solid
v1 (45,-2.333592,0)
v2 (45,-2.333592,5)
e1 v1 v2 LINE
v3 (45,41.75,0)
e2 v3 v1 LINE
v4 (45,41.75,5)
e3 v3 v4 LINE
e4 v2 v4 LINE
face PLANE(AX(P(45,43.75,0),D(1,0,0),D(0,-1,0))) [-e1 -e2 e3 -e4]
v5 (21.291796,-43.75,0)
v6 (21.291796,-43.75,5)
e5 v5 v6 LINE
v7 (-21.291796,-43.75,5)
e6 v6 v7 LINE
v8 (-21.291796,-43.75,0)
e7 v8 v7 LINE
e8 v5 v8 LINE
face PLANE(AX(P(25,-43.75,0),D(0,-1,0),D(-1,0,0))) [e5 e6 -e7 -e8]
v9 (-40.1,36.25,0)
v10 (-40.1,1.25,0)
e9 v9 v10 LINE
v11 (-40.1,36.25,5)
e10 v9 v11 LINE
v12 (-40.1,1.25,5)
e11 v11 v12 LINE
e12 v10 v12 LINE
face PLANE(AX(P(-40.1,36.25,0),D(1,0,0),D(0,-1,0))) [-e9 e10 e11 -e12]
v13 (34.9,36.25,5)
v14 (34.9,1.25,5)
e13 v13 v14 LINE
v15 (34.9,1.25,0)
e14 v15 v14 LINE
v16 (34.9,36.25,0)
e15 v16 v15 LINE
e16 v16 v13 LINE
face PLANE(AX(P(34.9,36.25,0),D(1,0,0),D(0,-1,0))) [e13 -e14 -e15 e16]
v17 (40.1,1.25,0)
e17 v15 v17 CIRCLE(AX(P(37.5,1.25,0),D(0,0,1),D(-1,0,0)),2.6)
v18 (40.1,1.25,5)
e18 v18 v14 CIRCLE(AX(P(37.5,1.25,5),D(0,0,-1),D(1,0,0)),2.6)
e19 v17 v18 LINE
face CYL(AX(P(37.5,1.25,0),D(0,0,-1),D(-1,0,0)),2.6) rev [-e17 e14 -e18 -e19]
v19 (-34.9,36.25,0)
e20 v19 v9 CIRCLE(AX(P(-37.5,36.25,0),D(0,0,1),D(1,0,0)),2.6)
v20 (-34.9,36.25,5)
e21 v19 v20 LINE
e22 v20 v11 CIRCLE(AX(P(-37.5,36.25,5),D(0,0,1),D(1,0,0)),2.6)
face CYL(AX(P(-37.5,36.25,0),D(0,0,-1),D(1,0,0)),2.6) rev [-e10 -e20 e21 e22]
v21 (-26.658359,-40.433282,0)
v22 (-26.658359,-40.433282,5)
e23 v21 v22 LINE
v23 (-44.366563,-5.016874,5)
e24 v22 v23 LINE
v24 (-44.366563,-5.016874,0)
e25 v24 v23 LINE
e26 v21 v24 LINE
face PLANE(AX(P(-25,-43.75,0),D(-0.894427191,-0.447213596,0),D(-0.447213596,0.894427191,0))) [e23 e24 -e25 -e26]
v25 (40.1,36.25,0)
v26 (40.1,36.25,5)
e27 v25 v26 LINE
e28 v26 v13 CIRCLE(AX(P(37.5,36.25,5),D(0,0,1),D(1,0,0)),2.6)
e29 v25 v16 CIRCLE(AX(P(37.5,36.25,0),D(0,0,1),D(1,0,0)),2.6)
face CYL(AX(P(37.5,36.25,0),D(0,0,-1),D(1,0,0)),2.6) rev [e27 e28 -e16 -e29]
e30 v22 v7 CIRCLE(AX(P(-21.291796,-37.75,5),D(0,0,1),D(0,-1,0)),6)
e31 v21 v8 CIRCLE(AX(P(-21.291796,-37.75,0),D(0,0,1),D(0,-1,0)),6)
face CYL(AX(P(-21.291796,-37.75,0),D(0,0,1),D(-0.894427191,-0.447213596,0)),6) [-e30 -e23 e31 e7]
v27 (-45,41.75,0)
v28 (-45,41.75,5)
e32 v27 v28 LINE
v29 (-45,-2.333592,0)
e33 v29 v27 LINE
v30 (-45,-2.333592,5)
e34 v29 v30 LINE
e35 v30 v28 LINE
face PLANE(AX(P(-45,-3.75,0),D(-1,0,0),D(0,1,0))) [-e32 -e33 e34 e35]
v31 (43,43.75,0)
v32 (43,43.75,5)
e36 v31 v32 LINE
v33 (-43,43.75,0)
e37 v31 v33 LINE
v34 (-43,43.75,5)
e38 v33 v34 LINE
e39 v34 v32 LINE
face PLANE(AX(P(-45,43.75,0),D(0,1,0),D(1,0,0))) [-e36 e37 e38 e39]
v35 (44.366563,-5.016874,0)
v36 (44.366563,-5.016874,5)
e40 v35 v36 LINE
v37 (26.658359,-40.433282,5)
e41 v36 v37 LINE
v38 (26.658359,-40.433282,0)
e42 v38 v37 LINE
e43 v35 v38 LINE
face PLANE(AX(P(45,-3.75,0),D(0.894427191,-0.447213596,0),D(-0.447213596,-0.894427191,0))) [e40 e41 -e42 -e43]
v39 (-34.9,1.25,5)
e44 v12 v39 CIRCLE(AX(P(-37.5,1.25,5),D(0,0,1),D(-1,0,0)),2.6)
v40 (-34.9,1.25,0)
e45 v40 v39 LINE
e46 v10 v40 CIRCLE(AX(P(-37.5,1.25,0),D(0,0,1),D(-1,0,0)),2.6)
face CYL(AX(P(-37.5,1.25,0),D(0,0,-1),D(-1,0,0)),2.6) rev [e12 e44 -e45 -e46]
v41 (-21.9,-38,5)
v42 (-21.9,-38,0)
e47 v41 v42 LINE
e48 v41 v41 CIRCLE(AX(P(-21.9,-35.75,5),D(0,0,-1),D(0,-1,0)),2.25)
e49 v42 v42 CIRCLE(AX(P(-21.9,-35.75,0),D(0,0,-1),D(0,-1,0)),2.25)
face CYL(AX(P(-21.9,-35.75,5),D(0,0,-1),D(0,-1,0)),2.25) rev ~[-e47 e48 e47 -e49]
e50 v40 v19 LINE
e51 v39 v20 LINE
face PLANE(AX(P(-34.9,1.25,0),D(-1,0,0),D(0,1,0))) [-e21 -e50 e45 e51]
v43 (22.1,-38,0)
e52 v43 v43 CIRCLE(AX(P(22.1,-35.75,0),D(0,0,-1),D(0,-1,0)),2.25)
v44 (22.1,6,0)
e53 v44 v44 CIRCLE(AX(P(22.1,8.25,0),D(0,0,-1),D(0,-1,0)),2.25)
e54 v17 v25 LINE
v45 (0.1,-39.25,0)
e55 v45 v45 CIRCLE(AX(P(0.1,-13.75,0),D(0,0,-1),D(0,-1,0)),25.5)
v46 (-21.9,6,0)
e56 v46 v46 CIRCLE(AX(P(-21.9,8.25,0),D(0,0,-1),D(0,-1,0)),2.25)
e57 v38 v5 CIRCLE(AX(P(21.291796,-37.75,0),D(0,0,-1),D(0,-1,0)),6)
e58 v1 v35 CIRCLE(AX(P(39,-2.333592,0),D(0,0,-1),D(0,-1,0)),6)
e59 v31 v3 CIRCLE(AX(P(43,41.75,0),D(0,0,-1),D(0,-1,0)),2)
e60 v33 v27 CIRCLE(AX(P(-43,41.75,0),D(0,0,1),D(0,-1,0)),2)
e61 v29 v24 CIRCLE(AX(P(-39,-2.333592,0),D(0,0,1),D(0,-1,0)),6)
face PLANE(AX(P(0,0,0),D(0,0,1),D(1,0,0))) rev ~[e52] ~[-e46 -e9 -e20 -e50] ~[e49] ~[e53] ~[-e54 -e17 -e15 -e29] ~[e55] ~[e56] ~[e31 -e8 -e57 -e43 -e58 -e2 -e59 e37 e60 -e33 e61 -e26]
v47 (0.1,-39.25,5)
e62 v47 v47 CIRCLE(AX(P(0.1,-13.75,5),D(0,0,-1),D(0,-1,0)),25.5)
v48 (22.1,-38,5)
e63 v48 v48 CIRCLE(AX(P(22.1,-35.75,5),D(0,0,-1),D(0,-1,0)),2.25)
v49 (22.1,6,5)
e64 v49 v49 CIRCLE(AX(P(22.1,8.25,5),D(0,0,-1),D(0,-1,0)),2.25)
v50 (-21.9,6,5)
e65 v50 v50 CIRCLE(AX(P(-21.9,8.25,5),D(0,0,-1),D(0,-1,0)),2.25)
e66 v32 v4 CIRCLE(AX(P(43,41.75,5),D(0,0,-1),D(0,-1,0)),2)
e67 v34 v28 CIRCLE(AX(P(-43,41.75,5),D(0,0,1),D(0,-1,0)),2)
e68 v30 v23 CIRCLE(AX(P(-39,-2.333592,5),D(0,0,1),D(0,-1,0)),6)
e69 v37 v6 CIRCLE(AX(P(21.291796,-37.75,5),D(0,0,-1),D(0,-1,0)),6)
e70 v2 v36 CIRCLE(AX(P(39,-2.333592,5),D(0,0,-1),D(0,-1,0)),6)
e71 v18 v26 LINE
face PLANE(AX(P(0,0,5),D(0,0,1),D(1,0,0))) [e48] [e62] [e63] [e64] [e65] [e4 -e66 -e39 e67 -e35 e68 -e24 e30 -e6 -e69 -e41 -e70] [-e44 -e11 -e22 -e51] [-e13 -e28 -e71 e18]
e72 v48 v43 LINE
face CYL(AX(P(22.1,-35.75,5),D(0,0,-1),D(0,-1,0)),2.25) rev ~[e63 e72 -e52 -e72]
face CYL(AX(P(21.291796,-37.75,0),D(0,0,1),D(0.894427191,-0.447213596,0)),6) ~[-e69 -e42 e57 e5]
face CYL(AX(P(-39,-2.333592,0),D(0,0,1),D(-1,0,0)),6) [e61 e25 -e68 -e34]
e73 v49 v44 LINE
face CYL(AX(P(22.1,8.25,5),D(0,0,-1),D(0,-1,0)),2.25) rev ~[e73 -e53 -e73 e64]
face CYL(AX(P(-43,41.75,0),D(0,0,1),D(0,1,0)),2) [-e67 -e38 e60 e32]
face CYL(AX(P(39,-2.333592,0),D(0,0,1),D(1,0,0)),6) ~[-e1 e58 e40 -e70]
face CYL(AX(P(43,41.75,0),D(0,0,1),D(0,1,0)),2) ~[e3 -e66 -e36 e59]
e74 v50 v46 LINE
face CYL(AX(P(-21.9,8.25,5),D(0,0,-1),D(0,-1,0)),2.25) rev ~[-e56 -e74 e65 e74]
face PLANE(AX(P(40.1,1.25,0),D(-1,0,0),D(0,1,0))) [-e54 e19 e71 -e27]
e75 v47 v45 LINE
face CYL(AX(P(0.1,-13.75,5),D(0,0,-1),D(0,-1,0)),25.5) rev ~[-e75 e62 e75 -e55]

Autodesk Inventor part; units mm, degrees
ref_plane "YZ Plane" through (0, 0, 0) normal (1, 0, 0) x (0, 1, 0)
ref_plane "XZ Plane" through (0, 0, 0) normal (0, 1, 0) x (-1, 0, 0)
ref_plane "XY Plane" through (0, 0, 0) normal (0, 0, 1) x (1, 0, 0)
sketch "Sketch1" plane through (0, 0, 0) normal (0, 0, 1) x (1, 0, 0)
  line L0 (-45, 43.75) -> (45, 43.75)
  line L1 (45, 43.75) -> (45, -3.75)
  line L2 (45, -3.75) -> (25, -43.75)
  line L3 (25, -43.75) -> (-25, -43.75)
  line L4 (-25, -43.75) -> (-45, -3.75)
  line L5 (-45, -3.75) -> (-45, 43.75)
  line L6 (0, 53.6312) -> (0, 0)
  line L7 (0, 0) -> (107.3954, 0)
  line L8 (-37.5, 36.25) -> (-37.5, 1.25) construction
  line L9 (-40.1, 36.25) -> (-40.1, 1.25)
  line L10 (-34.9, 1.25) -> (-34.9, 36.25)
  arc A0 (-34.9, 36.25) -> (-40.1, 36.25) centre (-37.5, 36.25) ccw
  arc A1 (-40.1, 1.25) -> (-34.9, 1.25) centre (-37.5, 1.25) ccw
  line L11 (37.5, 36.25) -> (37.5, 1.25) construction
  line L12 (34.9, 36.25) -> (34.9, 1.25)
  line L13 (40.1, 1.25) -> (40.1, 36.25)
  arc A2 (40.1, 36.25) -> (34.9, 36.25) centre (37.5, 36.25) ccw
  arc A3 (34.9, 1.25) -> (40.1, 1.25) centre (37.5, 1.25) ccw
  line L14 (-37.5, 36.25) -> (167.5, 36.25) construction
  point P0 (-37.5, 18.75)
  point P1 (37.5, 18.75)
  dimension "d1" = 87.5
  dimension "d2" = 47.5
  dimension "d3" = 2.6
  dimension "d4" = 35
  dimension "d5" = 7.5
  dimension "d6" = 7.5
  dimension "d7" = 75
  dimension "d9" = 20
  dimension "d40" = 7.5
  dimension "d41" = 5.2
  dimension "d42" = 5.2
  dimension "d45" = 42.5
extrude "Extrusion1" add sketch "Sketch1" along normal blind 5 contours L0 L6 L7 A3 L1 L2 L3 L4 L5 | L0 L1 L7 A3 L13 A2 L12 L6
fillet "Fillet1" radius 2 2 edges at (-45, 43.75, 2.5) (45, 43.75, 2.5)
sketch "Sketch2" plane through (0, 0, 5) normal (0, 0, 1) x (1, 0, 0)
  line L0 (0.1, -13.75) -> (0.1, 26.1696) construction
  line L1 (-34.9, 36.25) -> (-34.9, 1.25) projected
  line L2 (-25, -43.75) -> (25, -43.75) projected
  point P0 (0, 0)
  point P1 (-23.7639, -52.5)
  point P2 (23.7639, -52.5)
  dimension "d23" = 35
  dimension "d24" = 30
hole "Hole1" at (0.1, -13.75, 5) direction (0, 0, -1) diameter 51 end through all
sketch "Sketch3" plane through (0, 0, 5) normal (0, 0, 1) x (1, 0, 0)
  circle A0 centre (0.1, -13.75) radius 25.5 projected
  point P0 (0, 0)
  point P1 (-21.9, 8.25)
  dimension "d32" = 22
  dimension "d33" = 22
hole "Hole2" at (-21.9, 8.25, 5) direction (0, 0, -1) diameter 4.5 end through all
pattern_linear "Rectangular Pattern2" count 2 spacing 44 along (1, 0, 0) count 2 spacing 44 along (0, -1, 0) of "Hole2"
fillet "Rundung2" radius 6 4 edges at (45, -3.75, 2.5) (25, -43.75, 2.5) (-25, -43.75, 2.5) (-45, -3.75, 2.5)
equation "\"d6\" = d5"
equation "\"d33\" = d32"
equation "\"d36\" = 2 * d32"
equation "\"d39\" = 2 * d32"
properties part number "103.006.01_Dosiereinheit_Rahmenaufnahme"
